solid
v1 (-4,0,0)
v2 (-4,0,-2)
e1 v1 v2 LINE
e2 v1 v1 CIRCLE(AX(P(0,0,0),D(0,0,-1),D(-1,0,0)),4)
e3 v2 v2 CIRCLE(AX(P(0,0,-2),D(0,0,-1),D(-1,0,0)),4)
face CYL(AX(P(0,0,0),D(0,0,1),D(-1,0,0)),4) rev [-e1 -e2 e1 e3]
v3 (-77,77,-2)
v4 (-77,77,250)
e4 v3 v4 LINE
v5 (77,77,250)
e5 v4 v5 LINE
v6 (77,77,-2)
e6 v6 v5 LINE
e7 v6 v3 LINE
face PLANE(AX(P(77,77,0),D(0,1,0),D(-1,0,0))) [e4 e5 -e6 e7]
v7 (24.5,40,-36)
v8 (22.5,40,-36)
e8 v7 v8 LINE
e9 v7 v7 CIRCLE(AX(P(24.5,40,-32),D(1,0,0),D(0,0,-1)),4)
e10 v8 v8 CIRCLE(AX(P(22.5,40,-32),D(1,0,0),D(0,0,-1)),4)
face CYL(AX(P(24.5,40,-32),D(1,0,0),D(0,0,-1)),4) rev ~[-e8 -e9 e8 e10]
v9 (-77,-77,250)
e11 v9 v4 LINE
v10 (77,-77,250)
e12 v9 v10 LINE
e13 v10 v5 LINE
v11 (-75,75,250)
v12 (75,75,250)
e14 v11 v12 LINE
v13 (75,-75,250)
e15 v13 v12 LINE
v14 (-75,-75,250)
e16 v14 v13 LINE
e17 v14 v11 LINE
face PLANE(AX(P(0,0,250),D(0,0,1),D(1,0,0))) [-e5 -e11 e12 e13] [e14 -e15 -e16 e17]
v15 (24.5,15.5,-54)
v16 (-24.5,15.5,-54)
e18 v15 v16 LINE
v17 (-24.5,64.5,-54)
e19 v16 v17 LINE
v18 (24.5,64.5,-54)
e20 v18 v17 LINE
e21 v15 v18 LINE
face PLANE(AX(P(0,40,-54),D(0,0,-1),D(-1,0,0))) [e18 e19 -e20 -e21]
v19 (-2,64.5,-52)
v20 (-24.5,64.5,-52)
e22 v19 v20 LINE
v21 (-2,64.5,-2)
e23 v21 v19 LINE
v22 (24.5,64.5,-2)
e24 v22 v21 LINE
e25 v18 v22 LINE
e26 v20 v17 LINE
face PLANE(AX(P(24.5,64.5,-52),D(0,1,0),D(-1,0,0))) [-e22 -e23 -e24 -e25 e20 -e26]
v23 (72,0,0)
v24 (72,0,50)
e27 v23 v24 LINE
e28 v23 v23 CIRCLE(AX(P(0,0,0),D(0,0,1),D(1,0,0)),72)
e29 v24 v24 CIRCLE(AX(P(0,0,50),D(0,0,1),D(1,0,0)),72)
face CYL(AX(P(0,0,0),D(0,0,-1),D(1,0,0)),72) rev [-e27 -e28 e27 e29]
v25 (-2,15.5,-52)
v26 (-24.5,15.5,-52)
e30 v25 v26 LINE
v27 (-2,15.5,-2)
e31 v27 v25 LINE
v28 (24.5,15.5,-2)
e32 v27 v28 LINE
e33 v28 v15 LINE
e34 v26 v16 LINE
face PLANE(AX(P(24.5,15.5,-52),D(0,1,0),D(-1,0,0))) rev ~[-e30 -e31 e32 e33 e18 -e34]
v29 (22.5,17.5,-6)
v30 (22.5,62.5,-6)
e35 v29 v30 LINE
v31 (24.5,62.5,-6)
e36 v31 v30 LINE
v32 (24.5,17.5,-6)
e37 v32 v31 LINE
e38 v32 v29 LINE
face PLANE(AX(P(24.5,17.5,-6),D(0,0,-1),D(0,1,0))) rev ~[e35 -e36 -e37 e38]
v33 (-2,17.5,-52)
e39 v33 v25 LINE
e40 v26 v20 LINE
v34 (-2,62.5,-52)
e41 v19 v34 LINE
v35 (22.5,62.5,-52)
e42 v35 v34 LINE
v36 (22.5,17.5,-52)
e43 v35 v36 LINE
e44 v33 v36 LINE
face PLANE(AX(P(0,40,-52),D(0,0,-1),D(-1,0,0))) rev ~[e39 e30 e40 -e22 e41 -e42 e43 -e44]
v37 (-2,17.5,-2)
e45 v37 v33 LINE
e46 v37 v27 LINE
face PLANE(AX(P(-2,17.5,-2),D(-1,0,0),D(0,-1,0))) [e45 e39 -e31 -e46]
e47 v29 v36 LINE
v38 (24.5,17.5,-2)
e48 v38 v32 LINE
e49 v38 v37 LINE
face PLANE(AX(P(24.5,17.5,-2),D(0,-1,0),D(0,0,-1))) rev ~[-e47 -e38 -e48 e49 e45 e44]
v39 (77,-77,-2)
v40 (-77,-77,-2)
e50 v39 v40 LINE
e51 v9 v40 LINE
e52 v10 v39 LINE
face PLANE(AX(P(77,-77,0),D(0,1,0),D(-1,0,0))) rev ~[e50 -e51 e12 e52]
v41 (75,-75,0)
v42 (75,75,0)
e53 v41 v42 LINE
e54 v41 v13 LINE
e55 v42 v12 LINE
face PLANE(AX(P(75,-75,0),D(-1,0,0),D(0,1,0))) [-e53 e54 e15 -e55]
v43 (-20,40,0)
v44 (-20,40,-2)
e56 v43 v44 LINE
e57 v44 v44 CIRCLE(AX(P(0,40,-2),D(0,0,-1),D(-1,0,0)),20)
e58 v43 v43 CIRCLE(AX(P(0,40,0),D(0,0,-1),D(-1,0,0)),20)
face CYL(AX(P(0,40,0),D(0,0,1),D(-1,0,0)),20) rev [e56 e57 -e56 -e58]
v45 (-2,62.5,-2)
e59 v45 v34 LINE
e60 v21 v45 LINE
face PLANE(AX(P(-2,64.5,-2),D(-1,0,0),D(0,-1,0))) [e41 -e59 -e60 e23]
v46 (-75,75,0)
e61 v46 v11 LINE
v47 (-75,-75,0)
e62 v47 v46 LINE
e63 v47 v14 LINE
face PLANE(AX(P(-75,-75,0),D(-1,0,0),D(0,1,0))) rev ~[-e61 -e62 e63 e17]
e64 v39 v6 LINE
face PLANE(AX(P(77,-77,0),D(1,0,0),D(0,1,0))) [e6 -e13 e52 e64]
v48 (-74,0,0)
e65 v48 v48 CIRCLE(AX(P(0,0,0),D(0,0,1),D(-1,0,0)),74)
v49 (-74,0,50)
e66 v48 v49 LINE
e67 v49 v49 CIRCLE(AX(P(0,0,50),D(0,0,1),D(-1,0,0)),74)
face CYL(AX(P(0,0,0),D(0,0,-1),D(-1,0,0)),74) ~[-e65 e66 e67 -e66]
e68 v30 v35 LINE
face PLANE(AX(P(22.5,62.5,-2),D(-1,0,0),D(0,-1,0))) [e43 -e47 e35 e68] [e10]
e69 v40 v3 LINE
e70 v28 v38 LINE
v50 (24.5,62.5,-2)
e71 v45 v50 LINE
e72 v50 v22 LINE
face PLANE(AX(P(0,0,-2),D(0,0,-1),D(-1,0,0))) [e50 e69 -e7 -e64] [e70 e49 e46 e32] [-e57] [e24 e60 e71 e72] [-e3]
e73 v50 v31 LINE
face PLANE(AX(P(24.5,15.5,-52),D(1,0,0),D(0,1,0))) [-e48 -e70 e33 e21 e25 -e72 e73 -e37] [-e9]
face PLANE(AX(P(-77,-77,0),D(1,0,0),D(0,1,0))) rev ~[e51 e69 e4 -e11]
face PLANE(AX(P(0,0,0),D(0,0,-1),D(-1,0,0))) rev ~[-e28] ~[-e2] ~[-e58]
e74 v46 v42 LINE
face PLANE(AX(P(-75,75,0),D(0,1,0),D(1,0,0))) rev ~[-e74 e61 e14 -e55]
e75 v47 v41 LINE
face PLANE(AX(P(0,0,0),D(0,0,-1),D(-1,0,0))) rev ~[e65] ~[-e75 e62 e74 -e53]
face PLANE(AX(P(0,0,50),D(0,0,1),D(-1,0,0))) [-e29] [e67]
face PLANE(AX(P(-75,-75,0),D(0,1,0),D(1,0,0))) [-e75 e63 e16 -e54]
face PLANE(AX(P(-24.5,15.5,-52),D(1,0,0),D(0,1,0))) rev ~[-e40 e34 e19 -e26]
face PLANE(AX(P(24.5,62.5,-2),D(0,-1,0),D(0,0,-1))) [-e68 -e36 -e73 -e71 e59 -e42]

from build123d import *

# Parameters (mm, degrees)
SKETCH1_W           = 154
SKETCH1_H           = 154
SKETCH1_W_2         = 150
SKETCH1_H_2         = 150
BOSS_EXTRUDE1_DEPTH = 250
SKETCH2_W           = 154
SKETCH2_H           = 154
SKETCH2_R           = 20
SKETCH2_R_2         = 4
BOSS_EXTRUDE2_DEPTH = 2
BOSS_EXTRUDE3_DEPTH = 50
SKETCH4_W           = 49
SKETCH4_H           = 49
BOSS_EXTRUDE4_DEPTH = 2
SKETCH5_W           = 4
SKETCH5_H           = 45
CUT_EXTRUDE1_DEPTH  = 2
SKETCH6_R           = 4
CUT_EXTRUDE2_DEPTH  = 70
SKETCH9_R           = 74
SKETCH9_R_2         = 72
BOSS_EXTRUDE9_DEPTH = 50


with BuildPart() as part:
    # Sketch1 → Boss-Extrude1 (new body)
    with BuildSketch(Plane.XY):
        Rectangle(SKETCH1_W, SKETCH1_H)
        Rectangle(SKETCH1_W_2, SKETCH1_H_2, mode=Mode.SUBTRACT)
    extrude(amount=BOSS_EXTRUDE1_DEPTH)

    # Sketch2 → Boss-Extrude2 (add)
    with BuildSketch(Plane(origin=(0, 0, 0), x_dir=(-1, 0, 0), z_dir=(0, 0, -1))):
        Rectangle(SKETCH2_W, SKETCH2_H)
        with Locations((0, 40)):
            Circle(SKETCH2_R, mode=Mode.SUBTRACT)
        Circle(SKETCH2_R_2, mode=Mode.SUBTRACT)
    extrude(amount=BOSS_EXTRUDE2_DEPTH)

    # Sketch3 → Boss-Extrude3 (add)
    with BuildSketch(Plane(origin=(0, 0, -2), x_dir=(-1, 0, 0), z_dir=(0, 0, -1))):
        Polygon((2, 64.5), (2, 62.5), (0, 62.5), (-22.5, 62.5), (-22.5, 17.5), (0, 17.5), (2, 17.5), (2, 15.5), (-24.5, 15.5), (-24.5, 64.5), align=None)
    extrude(amount=BOSS_EXTRUDE3_DEPTH)

    # Sketch4 → Boss-Extrude4 (add)
    with BuildSketch(Plane(origin=(0, 0, -52), x_dir=(-1, 0, 0), z_dir=(0, 0, -1))):
        with Locations((0, 40)):
            Rectangle(SKETCH4_W, SKETCH4_H)
    extrude(amount=BOSS_EXTRUDE4_DEPTH)

    # Sketch5 → Cut-Extrude1 (cut)
    with BuildSketch(Plane(origin=(24.5, 0, 0), x_dir=(0, 0, -1), z_dir=(1, 0, 0))):
        with Locations((4, 40)):
            Rectangle(SKETCH5_W, SKETCH5_H)
    extrude(amount=-CUT_EXTRUDE1_DEPTH, mode=Mode.SUBTRACT)

    # Sketch6 → Cut-Extrude2 (cut)
    with BuildSketch(Plane(origin=(24.5, 0, 0), x_dir=(0, 0, -1), z_dir=(1, 0, 0))):
        with Locations((32, 40)):
            Circle(SKETCH6_R)
    extrude(amount=-CUT_EXTRUDE2_DEPTH, mode=Mode.SUBTRACT)

    # Sketch9 → Boss-Extrude9 (add)
    with BuildSketch(Plane.XY):
        with Locations(Location((0, 0, 0), (0, 0, 180))):
            Circle(SKETCH9_R)
        Circle(SKETCH9_R_2, mode=Mode.SUBTRACT)
    extrude(amount=BOSS_EXTRUDE9_DEPTH)


solid = part.part
